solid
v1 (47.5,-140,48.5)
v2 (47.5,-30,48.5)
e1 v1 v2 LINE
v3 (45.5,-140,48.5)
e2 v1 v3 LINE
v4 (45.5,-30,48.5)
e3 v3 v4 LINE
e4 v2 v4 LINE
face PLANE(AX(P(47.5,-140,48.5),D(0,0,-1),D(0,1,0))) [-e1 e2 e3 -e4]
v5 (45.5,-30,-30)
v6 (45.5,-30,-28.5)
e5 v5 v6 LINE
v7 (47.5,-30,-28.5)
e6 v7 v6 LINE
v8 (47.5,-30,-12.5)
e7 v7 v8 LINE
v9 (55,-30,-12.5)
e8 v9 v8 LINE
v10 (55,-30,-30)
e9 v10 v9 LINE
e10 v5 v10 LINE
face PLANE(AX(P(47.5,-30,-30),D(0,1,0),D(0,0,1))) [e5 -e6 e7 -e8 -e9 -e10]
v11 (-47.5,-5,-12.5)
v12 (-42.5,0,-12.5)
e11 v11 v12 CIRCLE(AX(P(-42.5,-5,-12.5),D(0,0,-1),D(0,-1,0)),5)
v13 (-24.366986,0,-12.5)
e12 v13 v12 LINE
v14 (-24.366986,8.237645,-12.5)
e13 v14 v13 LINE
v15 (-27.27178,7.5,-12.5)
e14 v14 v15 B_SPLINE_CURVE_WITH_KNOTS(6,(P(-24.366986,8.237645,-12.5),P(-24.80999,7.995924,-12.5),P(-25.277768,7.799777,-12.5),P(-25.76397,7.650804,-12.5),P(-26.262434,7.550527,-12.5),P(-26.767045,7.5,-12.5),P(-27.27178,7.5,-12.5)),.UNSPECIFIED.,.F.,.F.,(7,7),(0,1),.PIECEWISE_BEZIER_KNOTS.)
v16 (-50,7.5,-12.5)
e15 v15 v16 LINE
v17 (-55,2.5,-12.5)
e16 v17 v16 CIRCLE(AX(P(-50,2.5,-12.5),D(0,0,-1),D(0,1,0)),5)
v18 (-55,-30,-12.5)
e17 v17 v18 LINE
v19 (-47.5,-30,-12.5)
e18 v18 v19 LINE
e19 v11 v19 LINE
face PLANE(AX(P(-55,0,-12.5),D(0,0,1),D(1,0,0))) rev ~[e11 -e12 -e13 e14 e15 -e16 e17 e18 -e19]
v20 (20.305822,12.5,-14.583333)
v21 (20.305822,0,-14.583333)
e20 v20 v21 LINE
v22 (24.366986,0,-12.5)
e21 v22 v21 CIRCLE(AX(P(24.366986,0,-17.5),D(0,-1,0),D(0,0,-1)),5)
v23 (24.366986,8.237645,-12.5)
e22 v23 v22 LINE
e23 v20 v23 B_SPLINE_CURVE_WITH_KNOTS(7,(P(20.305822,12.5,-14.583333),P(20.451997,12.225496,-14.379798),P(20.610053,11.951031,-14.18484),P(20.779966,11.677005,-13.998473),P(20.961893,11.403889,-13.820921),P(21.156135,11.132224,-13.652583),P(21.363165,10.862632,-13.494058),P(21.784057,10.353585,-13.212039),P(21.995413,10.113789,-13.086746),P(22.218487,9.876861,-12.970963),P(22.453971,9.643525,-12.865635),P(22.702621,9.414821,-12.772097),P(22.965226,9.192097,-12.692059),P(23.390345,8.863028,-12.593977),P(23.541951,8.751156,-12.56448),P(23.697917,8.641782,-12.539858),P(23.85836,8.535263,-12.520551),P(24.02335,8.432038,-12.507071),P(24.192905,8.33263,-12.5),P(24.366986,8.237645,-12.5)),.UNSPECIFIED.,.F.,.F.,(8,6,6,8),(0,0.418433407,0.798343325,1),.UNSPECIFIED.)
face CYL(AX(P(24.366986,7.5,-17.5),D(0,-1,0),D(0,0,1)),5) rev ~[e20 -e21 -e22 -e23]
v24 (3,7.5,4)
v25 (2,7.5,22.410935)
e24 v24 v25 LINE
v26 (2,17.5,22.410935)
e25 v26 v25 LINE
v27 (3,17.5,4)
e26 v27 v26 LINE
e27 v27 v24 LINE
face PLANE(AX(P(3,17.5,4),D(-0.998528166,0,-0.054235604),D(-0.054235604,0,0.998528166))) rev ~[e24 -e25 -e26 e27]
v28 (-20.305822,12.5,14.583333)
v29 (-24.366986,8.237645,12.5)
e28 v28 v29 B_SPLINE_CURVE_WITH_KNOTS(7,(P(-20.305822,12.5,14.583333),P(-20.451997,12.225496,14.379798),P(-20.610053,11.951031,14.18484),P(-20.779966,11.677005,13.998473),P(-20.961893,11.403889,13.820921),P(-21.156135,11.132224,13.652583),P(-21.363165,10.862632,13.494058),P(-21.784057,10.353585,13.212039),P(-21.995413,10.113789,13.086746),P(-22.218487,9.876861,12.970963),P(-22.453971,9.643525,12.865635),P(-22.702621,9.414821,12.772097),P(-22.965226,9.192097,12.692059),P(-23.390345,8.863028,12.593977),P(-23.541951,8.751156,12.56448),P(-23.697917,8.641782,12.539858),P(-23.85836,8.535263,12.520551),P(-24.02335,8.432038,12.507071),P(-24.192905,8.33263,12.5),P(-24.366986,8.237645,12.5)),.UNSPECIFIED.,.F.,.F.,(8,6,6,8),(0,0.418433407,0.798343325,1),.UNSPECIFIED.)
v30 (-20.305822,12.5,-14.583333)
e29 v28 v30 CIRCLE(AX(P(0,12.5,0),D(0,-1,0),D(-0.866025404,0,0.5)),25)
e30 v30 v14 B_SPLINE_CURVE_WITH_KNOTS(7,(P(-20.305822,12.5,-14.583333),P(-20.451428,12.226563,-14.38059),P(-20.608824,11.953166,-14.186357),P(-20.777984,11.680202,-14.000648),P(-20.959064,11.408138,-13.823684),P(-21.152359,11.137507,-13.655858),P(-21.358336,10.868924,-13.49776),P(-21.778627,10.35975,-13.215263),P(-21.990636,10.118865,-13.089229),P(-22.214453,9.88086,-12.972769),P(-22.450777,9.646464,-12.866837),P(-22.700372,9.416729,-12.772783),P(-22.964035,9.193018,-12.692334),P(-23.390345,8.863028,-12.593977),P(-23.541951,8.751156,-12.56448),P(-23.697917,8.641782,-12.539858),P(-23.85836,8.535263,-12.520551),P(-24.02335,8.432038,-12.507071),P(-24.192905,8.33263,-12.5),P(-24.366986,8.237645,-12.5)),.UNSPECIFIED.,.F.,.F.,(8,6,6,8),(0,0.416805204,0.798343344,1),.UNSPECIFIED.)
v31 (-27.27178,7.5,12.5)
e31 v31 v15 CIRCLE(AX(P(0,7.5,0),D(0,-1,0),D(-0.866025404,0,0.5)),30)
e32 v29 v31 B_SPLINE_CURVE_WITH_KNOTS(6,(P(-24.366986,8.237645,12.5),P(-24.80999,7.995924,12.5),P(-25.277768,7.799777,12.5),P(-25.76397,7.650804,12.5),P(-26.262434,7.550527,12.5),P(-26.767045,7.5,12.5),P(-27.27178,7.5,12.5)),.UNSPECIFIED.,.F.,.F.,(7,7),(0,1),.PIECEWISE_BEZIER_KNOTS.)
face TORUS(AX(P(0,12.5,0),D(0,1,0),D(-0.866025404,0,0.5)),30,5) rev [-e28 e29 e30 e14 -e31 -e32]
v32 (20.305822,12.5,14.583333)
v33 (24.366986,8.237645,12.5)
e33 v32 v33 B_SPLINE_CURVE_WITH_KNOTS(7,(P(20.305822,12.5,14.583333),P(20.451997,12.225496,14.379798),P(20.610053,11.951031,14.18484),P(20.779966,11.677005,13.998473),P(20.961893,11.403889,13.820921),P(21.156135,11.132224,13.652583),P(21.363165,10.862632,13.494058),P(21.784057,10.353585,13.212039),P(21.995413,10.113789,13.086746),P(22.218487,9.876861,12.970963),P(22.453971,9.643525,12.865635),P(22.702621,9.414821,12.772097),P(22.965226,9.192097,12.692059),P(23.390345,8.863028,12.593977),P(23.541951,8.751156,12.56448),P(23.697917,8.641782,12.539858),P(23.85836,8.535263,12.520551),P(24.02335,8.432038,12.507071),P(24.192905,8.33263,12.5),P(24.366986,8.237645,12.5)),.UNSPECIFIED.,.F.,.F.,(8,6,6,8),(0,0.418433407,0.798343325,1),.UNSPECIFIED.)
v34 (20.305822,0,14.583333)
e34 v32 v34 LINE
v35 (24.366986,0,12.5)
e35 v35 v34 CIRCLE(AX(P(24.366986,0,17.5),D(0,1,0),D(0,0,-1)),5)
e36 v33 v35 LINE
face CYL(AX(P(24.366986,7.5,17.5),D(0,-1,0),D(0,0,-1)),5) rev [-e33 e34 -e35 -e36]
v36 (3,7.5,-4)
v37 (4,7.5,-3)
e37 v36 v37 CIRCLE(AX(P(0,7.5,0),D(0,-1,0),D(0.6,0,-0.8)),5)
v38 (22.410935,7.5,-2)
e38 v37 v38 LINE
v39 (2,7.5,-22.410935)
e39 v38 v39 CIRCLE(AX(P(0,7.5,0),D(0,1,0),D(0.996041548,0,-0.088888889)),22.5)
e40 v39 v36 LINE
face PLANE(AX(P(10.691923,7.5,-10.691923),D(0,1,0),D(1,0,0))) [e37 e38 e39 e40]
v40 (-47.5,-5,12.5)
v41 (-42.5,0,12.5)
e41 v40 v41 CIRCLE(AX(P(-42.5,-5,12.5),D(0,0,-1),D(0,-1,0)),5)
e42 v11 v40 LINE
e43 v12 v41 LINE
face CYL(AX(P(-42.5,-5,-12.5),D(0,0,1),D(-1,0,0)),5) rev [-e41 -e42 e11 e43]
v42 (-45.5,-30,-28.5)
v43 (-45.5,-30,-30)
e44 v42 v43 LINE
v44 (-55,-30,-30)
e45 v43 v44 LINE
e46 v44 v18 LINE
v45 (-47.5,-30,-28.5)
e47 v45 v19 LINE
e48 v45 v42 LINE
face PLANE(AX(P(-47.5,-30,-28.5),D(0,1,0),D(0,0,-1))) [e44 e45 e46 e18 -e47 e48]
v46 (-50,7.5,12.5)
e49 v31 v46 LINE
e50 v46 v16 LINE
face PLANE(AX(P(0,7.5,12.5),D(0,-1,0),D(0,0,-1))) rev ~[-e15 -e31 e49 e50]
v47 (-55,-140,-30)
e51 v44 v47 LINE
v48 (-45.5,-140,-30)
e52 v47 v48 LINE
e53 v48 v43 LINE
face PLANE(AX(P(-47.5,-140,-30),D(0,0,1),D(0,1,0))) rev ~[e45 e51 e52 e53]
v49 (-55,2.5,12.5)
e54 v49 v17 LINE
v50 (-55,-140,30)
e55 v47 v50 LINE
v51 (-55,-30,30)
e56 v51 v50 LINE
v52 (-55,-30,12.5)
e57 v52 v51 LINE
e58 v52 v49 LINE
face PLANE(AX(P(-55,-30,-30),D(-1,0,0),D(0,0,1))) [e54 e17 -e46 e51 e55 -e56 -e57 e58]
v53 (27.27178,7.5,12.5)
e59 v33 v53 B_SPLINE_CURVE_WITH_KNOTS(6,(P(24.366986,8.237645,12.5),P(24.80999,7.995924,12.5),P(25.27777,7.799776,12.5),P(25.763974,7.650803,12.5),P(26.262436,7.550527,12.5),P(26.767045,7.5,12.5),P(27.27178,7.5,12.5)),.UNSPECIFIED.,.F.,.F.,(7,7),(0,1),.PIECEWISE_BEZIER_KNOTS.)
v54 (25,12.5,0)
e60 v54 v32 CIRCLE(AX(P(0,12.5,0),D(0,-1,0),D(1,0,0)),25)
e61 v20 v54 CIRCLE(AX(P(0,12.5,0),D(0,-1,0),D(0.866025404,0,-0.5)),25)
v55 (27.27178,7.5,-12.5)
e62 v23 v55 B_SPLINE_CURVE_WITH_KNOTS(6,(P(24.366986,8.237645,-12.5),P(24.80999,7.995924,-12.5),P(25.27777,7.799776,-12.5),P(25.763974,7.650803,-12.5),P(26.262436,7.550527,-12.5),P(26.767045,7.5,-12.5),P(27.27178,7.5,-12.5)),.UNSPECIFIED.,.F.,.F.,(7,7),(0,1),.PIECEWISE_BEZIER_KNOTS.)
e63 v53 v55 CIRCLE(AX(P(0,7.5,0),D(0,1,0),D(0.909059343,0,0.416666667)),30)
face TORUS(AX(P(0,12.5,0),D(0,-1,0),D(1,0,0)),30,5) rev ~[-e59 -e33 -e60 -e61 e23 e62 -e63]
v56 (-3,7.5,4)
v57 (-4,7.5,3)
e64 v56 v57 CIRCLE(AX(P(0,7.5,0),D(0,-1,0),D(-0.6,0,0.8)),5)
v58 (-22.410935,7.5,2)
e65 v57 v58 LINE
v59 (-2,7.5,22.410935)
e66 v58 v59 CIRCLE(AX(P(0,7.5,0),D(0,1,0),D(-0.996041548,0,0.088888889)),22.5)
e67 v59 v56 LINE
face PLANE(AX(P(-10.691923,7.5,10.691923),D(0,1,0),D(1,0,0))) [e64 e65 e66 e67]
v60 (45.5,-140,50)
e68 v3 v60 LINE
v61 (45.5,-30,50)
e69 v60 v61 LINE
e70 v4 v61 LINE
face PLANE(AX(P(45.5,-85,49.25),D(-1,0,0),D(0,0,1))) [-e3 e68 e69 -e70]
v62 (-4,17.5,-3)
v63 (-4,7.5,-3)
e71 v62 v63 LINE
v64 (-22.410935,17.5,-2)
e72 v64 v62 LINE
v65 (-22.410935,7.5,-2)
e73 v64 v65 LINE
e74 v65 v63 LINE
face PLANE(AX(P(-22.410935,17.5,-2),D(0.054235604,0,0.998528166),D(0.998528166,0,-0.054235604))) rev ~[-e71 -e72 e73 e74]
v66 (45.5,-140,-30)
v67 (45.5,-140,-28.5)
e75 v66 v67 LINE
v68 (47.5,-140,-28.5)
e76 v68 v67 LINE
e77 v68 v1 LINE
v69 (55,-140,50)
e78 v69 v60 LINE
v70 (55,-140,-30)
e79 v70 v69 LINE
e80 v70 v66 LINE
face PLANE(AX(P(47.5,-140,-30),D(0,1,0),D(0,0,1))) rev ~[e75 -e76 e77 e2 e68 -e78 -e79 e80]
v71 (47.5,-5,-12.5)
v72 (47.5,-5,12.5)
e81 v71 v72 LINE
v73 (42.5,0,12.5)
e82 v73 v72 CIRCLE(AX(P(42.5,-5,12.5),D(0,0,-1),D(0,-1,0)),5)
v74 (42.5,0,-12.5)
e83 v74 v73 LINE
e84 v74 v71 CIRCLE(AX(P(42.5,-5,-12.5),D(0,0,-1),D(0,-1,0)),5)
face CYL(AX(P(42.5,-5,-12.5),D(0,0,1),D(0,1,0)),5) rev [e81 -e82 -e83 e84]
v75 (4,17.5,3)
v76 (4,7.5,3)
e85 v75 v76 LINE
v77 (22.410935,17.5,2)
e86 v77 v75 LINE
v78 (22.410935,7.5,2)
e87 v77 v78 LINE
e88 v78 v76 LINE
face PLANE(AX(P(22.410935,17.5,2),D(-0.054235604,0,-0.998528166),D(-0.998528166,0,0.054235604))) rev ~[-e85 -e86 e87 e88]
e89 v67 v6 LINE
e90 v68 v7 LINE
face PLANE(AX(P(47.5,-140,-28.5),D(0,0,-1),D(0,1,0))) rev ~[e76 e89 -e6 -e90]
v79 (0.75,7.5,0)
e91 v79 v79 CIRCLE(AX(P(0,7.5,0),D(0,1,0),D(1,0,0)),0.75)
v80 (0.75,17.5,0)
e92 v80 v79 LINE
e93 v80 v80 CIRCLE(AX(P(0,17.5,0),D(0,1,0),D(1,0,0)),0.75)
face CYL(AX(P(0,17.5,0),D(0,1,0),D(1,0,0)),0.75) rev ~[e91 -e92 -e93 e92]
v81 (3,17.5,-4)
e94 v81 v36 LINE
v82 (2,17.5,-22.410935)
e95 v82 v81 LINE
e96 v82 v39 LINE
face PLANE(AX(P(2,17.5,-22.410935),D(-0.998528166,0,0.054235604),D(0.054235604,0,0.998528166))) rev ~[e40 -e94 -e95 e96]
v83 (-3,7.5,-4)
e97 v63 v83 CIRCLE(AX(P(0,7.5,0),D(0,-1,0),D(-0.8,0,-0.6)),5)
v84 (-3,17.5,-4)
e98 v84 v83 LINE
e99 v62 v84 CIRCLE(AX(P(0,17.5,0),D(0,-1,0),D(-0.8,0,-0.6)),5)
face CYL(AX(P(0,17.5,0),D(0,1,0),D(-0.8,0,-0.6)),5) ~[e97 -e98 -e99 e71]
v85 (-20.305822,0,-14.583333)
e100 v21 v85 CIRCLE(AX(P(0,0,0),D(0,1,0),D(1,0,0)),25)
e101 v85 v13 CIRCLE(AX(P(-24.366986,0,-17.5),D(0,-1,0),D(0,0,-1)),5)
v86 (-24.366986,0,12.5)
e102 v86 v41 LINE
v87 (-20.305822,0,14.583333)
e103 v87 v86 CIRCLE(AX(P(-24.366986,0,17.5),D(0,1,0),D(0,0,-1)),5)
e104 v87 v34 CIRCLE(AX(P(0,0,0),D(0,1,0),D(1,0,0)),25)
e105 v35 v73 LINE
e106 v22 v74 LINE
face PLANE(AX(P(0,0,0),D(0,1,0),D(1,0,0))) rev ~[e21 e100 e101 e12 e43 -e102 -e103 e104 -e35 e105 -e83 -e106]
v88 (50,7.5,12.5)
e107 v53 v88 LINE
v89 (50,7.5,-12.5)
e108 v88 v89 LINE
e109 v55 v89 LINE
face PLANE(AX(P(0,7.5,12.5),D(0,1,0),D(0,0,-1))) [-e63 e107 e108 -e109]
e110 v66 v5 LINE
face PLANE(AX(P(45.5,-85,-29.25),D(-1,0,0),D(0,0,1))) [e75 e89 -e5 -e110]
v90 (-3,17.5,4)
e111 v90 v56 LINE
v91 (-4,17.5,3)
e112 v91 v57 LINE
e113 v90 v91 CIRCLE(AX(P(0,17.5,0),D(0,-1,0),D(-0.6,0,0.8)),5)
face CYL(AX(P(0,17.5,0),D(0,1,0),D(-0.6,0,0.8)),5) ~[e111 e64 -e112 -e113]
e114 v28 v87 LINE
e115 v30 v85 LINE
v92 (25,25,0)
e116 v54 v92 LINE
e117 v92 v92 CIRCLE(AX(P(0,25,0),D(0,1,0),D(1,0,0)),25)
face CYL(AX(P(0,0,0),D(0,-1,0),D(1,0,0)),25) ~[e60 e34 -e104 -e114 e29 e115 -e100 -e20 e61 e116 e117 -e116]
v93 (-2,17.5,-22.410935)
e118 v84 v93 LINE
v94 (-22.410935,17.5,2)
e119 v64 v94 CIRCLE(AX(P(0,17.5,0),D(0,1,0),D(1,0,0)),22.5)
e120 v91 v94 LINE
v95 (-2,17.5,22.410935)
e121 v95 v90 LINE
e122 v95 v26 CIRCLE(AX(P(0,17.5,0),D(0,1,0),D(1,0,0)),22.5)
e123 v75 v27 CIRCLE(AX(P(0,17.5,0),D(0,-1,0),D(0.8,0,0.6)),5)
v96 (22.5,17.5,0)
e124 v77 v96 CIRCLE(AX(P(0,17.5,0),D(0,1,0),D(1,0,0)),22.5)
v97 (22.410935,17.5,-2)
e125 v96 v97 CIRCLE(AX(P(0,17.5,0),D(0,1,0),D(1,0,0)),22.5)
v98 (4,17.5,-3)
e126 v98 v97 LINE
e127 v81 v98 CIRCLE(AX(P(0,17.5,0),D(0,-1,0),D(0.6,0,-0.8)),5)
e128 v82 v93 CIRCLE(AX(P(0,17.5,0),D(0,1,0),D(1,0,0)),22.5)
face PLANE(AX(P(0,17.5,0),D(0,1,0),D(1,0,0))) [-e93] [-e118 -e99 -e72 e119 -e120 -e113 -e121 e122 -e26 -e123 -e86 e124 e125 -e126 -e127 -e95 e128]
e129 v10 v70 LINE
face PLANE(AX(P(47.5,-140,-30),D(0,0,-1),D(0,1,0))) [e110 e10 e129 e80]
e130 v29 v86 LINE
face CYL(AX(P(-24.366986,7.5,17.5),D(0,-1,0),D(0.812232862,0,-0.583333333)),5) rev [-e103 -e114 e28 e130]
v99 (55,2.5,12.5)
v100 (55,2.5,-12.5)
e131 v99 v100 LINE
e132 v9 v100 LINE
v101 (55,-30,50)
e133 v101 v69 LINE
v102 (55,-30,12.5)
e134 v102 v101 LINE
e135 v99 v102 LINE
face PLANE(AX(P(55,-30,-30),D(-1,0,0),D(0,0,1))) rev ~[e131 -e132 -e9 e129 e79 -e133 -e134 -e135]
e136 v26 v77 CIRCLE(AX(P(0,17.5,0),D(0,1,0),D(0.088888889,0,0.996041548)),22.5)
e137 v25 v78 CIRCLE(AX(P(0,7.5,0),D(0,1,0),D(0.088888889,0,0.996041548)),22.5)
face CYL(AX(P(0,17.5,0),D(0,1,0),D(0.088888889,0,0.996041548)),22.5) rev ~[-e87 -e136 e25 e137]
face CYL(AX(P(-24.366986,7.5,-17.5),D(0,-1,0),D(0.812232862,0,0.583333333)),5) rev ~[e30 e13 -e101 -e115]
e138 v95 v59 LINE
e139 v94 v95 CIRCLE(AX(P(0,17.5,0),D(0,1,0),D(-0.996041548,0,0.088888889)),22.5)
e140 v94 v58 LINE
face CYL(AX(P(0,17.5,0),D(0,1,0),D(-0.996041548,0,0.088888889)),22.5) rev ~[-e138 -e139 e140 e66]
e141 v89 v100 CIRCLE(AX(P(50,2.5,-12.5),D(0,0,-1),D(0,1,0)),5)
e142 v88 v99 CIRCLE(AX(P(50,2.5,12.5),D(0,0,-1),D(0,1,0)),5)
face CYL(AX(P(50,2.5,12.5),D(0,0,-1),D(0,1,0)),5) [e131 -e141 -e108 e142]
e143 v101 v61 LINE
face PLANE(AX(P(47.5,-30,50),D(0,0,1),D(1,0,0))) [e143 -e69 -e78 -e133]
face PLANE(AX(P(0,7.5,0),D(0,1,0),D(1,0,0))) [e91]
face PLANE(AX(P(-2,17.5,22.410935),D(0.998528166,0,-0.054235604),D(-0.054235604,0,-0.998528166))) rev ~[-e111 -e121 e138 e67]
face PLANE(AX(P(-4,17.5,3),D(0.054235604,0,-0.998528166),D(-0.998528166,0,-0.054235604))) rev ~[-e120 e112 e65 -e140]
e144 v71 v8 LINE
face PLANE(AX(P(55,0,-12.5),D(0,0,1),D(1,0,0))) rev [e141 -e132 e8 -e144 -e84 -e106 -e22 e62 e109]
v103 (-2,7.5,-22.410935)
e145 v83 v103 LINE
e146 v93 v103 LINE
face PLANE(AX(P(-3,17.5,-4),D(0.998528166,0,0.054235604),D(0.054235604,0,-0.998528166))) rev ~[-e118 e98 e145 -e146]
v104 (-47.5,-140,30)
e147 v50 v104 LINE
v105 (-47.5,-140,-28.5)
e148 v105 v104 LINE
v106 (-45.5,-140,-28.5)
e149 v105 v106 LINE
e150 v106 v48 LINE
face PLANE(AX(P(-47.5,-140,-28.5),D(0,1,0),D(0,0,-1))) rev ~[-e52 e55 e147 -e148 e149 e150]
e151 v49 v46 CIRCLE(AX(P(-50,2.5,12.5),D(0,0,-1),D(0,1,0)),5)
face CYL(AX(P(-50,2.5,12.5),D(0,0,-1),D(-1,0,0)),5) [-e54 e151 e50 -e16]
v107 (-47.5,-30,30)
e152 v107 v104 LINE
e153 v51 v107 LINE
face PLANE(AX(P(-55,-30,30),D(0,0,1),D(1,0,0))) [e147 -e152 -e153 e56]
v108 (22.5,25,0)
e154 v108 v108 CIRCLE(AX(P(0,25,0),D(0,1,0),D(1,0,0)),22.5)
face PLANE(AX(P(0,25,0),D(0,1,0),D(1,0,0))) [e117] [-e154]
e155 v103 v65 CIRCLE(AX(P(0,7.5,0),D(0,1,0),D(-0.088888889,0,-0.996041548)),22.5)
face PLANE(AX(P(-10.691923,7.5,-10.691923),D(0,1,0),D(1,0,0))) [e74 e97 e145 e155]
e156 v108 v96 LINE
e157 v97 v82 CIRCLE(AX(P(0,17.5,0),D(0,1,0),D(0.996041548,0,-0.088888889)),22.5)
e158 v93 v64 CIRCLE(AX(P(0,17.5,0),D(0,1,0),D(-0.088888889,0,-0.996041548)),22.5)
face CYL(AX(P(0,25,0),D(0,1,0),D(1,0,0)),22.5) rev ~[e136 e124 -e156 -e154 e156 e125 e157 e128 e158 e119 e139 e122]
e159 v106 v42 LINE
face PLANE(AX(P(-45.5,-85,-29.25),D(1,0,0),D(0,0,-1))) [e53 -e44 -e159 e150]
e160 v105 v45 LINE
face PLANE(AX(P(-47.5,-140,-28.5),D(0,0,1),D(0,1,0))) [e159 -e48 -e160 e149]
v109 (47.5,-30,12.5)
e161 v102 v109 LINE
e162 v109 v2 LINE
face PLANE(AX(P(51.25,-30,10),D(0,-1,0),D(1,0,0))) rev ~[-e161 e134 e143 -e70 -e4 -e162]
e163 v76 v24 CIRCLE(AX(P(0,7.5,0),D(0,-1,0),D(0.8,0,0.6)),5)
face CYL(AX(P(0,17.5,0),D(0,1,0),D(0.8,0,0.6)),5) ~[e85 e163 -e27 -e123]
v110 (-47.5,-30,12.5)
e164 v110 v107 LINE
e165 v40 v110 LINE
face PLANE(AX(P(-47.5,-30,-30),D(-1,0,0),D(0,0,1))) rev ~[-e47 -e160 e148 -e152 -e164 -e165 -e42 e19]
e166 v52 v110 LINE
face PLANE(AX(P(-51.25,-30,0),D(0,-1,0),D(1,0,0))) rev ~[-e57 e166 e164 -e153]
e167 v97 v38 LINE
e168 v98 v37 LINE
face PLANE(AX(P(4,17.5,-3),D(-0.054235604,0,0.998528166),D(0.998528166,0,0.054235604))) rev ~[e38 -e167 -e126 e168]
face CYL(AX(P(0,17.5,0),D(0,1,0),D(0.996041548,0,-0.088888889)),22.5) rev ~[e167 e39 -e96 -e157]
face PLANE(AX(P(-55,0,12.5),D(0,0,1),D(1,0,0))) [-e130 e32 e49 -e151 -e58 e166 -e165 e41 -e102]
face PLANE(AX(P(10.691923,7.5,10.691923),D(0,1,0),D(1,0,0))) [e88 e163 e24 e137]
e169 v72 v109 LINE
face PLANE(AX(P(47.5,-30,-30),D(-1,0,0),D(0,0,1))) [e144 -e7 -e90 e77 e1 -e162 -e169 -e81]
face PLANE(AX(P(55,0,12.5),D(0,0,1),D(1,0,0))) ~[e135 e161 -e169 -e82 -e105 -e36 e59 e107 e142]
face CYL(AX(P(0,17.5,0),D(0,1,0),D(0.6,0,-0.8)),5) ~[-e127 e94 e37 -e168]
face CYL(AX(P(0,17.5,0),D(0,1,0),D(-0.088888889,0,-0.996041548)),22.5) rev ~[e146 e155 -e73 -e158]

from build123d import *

# Parameters (mm, degrees)
SKETCH1_R                = 25
BOSS_EXTRUDE1_DEPTH      = 25
BOSS_EXTRUDE3_DEPTH      = 55
BOSS_EXTRUDE3_DEPTH_BACK = 55
SKETCH9_W                = 25
SKETCH9_H                = 7.5
SKETCH16_R               = 22.5
CUT_EXTRUDE3_DEPTH       = 7.5
SKETCH17_R               = 0.75
CUT_EXTRUDE4_DEPTH       = 10
SKETCH22_W               = 7.5
SKETCH22_H               = 25
BOSS_EXTRUDE7_DEPTH      = 30
SKETCH23_W               = 7.5
SKETCH23_H               = 60
BOSS_EXTRUDE8_DEPTH      = 110
SKETCH24_W               = 7.5
SKETCH24_H               = 80
BOSS_EXTRUDE9_DEPTH      = 110
SKETCH25_W               = 1.5
SKETCH25_H               = 110
BOSS_EXTRUDE10_DEPTH     = 2
SKETCH26_W               = 1.5
SKETCH26_H               = 110
BOSS_EXTRUDE11_DEPTH     = 2
FILLET6_R                = 5


with BuildPart() as part:
    # Sketch1 → Boss-Extrude1 (new body)
    with BuildSketch(Plane(origin=(0, 0, 0), x_dir=(1, 0, 0), z_dir=(0, 1, 0))):
        Circle(SKETCH1_R)
    extrude(amount=BOSS_EXTRUDE1_DEPTH)

    # Sketch9 → Boss-Extrude3 (add, two sides: drawn at the far end of the back side and taken through both)
    with BuildSketch(Plane(origin=(0, 0, 0), x_dir=(0, 0, -1), z_dir=(1, 0, 0)).offset(-BOSS_EXTRUDE3_DEPTH_BACK)):
        with Locations((0, 3.75)):
            Rectangle(SKETCH9_W, SKETCH9_H)
    extrude(amount=BOSS_EXTRUDE3_DEPTH + BOSS_EXTRUDE3_DEPTH_BACK)

    # Sketch16 → Cut-Extrude3 (cut)
    with BuildSketch(Plane(origin=(0, 25, 0), x_dir=(1, 0, 0), z_dir=(0, 1, 0))):
        Circle(SKETCH16_R)
    extrude(amount=-CUT_EXTRUDE3_DEPTH, mode=Mode.SUBTRACT)

    # Sketch17 → Cut-Extrude4 (cut)
    with BuildSketch(Plane(origin=(0, 17.5, 0), x_dir=(1, 0, 0), z_dir=(0, 1, 0))):
        with BuildLine():
            ThreePointArc((-4, 3), (-3.535533906, 3.535533906), (-3, 4))
            Line((-3, 4), (-2, 22.410934831))
            ThreePointArc((-2, 22.410934831), (-15.909902577, 15.909902577), (-22.410934831, 2))
            Line((-22.410934831, 2), (-4, 3))
        make_face()
        Circle(SKETCH17_R)
        with BuildLine():
            ThreePointArc((22.410934831, 2), (15.909902577, 15.909902577), (2, 22.410934831))
            Line((2, 22.410934831), (3, 4))
            ThreePointArc((3, 4), (3.535533906, 3.535533906), (4, 3))
            Line((4, 3), (22.410934831, 2))
        make_face()
        with BuildLine():
            ThreePointArc((-3, -4), (-3.535533906, -3.535533906), (-4, -3))
            Line((-4, -3), (-22.410934831, -2))
            ThreePointArc((-22.410934831, -2), (-15.909902577, -15.909902577), (-2, -22.410934831))
            Line((-2, -22.410934831), (-3, -4))
        make_face()
        with BuildLine():
            ThreePointArc((4, -3), (3.535533906, -3.535533906), (3, -4))
            Line((3, -4), (2, -22.410934831))
            ThreePointArc((2, -22.410934831), (15.909902577, -15.909902577), (22.410934831, -2))
            Line((22.410934831, -2), (4, -3))
        make_face()
    extrude(amount=-CUT_EXTRUDE4_DEPTH, mode=Mode.SUBTRACT)

    # Sketch22 → Boss-Extrude7 (add)
    with BuildSketch(Plane.XZ):
        with Locations((-51.25, 0)):
            Rectangle(SKETCH22_W, SKETCH22_H)
    boss_extrude7 = extrude(amount=BOSS_EXTRUDE7_DEPTH)

    # Sketch23 → Boss-Extrude8 (add)
    with BuildSketch(Plane.XZ.offset(30)):
        with Locations((-51.25, 0)):
            Rectangle(SKETCH23_W, SKETCH23_H)
    extrude(amount=BOSS_EXTRUDE8_DEPTH)

    # Mirror1: Boss-Extrude7 across plane
    add(boss_extrude7.mirror(Plane(origin=(0, 0, 0), x_dir=(0, 0, 1), z_dir=(1, 0, 0))))

    # Sketch24 → Boss-Extrude9 (add)
    with BuildSketch(Plane.XZ.offset(30)):
        with Locations((51.25, 10)):
            Rectangle(SKETCH24_W, SKETCH24_H)
    extrude(amount=BOSS_EXTRUDE9_DEPTH)

    # Sketch25 → Boss-Extrude10 (add)
    with BuildSketch(Plane(origin=(-47.5, 0, 0), x_dir=(0, 0, -1), z_dir=(1, 0, 0))):
        with Locations((29.25, -85)):
            Rectangle(SKETCH25_W, SKETCH25_H)
    extrude(amount=BOSS_EXTRUDE10_DEPTH)

    # Sketch26 → Boss-Extrude11 (add)
    with BuildSketch(Plane.ZY.offset(-47.5)):
        with Locations((-29.25, -85)):
            Rectangle(SKETCH26_W, SKETCH26_H)
        with Locations((49.25, -85)):
            Rectangle(SKETCH26_W, SKETCH26_H)
    extrude(amount=BOSS_EXTRUDE11_DEPTH)

    # Fillet6
    fillet6_edges = [part.edges().sort_by_distance(p)[0] for p in [
        (55, 7.5, 0),
        (-55, 7.5, 0),
        (-47.5, 0, 0),
        (47.5, 0, 0),
        (24.148145657, 7.5, -6.470476128),
        (-25, 7.5, 0),
        (-21.650635095, 3.75, 12.5),
        (21.650635095, 3.75, 12.5),
        (-21.650635095, 3.75, -12.5),
        (21.650635095, 3.75, -12.5),
    ]]
    fillet(fillet6_edges, radius=FILLET6_R)


solid = part.part
